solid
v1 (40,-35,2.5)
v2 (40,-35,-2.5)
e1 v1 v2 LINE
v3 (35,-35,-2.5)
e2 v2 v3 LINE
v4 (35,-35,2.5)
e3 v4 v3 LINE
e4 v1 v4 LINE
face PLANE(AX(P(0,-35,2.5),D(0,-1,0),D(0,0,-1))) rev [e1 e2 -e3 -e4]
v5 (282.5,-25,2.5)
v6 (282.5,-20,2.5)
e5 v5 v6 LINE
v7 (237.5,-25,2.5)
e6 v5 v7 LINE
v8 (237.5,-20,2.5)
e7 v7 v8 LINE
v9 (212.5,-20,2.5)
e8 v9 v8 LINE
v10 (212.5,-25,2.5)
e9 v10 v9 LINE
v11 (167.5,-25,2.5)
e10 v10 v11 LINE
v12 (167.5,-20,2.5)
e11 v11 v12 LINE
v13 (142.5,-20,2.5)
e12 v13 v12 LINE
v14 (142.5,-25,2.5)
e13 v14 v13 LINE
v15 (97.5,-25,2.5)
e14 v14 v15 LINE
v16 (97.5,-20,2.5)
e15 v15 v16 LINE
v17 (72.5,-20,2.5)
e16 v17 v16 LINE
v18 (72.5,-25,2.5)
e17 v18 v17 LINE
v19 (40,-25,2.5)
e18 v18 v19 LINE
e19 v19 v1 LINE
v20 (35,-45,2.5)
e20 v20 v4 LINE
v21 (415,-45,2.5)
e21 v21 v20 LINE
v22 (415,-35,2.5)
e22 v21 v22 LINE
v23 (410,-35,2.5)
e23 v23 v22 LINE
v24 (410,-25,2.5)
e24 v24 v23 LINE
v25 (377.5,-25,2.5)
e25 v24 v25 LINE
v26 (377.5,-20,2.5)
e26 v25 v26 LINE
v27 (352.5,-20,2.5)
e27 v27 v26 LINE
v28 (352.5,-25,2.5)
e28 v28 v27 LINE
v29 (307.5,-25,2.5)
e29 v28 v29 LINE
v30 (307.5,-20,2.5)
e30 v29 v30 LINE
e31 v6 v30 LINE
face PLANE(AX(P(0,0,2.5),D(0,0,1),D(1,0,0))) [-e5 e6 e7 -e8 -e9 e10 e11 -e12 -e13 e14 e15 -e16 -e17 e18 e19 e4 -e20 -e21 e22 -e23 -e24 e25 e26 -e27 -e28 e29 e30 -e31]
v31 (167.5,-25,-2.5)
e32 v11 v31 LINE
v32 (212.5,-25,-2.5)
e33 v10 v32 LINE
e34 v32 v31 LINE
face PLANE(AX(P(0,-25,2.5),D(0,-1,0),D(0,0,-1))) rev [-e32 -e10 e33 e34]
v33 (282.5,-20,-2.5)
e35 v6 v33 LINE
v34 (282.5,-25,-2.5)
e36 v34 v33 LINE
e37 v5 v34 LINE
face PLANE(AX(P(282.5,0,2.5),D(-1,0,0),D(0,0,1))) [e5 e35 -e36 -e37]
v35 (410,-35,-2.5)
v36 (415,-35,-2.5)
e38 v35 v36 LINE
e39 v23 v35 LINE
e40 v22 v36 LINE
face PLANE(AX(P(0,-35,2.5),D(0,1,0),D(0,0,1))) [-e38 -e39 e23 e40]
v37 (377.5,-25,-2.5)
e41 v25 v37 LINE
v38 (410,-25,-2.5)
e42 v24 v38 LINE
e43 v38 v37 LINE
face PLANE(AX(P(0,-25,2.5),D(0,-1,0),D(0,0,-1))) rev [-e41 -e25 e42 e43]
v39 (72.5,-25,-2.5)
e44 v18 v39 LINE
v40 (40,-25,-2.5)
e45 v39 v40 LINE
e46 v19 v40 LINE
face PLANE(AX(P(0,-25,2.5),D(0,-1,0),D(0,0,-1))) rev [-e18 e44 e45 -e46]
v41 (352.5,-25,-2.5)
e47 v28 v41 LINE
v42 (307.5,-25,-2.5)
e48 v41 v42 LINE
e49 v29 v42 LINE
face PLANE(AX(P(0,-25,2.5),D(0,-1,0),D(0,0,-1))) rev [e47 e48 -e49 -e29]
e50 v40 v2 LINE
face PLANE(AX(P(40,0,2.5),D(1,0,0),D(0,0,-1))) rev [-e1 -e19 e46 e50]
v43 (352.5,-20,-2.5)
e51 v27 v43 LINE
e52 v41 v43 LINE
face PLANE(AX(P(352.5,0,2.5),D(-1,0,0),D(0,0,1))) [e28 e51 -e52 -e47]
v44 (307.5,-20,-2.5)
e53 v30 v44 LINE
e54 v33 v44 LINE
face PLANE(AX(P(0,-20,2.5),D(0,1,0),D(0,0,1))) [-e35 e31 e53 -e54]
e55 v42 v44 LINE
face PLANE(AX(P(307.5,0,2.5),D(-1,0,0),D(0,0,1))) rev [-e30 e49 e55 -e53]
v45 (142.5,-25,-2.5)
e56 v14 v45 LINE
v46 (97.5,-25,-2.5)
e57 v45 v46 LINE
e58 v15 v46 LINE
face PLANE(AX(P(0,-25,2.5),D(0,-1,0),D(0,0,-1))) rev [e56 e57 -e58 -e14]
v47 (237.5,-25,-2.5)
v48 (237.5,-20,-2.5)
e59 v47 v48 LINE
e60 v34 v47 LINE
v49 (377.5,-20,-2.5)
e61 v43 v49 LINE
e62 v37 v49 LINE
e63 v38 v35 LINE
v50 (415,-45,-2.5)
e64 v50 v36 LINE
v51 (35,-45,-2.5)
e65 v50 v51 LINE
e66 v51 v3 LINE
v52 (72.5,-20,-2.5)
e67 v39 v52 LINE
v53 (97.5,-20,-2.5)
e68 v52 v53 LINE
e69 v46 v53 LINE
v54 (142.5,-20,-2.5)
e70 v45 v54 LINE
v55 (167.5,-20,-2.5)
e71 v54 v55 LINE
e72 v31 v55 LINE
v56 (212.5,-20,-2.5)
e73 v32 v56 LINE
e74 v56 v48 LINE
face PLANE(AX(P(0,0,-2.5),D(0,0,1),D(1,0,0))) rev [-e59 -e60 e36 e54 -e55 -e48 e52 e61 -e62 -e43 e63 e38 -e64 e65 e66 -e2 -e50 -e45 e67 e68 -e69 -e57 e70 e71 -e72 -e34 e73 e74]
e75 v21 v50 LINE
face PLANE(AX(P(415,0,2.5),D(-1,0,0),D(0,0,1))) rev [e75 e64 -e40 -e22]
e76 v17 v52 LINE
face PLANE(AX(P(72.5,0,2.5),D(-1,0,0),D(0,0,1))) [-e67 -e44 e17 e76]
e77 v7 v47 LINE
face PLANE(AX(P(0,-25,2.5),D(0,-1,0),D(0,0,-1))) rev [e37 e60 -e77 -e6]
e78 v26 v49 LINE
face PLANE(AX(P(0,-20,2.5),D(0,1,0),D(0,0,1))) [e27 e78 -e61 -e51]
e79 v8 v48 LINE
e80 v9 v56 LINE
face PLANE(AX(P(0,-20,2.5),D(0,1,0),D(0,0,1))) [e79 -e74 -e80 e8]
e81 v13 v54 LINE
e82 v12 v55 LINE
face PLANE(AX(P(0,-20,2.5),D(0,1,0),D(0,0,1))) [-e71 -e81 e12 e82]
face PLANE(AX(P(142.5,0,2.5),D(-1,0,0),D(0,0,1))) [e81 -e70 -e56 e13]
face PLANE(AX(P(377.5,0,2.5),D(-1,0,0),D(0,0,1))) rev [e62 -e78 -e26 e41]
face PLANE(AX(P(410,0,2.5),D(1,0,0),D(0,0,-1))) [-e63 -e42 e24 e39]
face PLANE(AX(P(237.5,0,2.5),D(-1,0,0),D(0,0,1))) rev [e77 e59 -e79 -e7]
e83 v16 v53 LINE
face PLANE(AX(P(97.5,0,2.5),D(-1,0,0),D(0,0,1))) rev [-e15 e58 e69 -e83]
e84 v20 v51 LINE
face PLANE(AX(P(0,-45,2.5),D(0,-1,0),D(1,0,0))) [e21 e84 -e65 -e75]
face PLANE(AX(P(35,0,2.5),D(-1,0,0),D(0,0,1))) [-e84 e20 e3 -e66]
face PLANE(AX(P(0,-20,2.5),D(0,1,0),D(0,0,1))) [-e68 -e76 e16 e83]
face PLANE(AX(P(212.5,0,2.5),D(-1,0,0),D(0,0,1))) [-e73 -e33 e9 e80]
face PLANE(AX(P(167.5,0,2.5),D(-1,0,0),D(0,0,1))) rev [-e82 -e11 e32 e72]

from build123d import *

# Parameters (mm, degrees)
BOSS_EXTRUDE1_DEPTH = 2.5


with BuildPart() as part:
    # Sketch1 → Boss-Extrude1 (new, symmetric)
    with BuildSketch(Plane.XY):
        Polygon((410, -35), (410, -25), (377.5, -25), (377.5, -20), (352.5, -20), (352.5, -25), (307.5, -25), (307.5, -20), (282.5, -20), (282.5, -25), (237.5, -25), (237.5, -20), (212.5, -20), (212.5, -25), (167.5, -25), (167.5, -20), (142.5, -20), (142.5, -25), (97.5, -25), (97.5, -20), (72.5, -20), (72.5, -25), (40, -25), (40, -35), (35, -35), (35, -45), (40, -45), (410, -45), (415, -45), (415, -35), align=None)
    extrude(amount=BOSS_EXTRUDE1_DEPTH, both=True)


solid = part.part
